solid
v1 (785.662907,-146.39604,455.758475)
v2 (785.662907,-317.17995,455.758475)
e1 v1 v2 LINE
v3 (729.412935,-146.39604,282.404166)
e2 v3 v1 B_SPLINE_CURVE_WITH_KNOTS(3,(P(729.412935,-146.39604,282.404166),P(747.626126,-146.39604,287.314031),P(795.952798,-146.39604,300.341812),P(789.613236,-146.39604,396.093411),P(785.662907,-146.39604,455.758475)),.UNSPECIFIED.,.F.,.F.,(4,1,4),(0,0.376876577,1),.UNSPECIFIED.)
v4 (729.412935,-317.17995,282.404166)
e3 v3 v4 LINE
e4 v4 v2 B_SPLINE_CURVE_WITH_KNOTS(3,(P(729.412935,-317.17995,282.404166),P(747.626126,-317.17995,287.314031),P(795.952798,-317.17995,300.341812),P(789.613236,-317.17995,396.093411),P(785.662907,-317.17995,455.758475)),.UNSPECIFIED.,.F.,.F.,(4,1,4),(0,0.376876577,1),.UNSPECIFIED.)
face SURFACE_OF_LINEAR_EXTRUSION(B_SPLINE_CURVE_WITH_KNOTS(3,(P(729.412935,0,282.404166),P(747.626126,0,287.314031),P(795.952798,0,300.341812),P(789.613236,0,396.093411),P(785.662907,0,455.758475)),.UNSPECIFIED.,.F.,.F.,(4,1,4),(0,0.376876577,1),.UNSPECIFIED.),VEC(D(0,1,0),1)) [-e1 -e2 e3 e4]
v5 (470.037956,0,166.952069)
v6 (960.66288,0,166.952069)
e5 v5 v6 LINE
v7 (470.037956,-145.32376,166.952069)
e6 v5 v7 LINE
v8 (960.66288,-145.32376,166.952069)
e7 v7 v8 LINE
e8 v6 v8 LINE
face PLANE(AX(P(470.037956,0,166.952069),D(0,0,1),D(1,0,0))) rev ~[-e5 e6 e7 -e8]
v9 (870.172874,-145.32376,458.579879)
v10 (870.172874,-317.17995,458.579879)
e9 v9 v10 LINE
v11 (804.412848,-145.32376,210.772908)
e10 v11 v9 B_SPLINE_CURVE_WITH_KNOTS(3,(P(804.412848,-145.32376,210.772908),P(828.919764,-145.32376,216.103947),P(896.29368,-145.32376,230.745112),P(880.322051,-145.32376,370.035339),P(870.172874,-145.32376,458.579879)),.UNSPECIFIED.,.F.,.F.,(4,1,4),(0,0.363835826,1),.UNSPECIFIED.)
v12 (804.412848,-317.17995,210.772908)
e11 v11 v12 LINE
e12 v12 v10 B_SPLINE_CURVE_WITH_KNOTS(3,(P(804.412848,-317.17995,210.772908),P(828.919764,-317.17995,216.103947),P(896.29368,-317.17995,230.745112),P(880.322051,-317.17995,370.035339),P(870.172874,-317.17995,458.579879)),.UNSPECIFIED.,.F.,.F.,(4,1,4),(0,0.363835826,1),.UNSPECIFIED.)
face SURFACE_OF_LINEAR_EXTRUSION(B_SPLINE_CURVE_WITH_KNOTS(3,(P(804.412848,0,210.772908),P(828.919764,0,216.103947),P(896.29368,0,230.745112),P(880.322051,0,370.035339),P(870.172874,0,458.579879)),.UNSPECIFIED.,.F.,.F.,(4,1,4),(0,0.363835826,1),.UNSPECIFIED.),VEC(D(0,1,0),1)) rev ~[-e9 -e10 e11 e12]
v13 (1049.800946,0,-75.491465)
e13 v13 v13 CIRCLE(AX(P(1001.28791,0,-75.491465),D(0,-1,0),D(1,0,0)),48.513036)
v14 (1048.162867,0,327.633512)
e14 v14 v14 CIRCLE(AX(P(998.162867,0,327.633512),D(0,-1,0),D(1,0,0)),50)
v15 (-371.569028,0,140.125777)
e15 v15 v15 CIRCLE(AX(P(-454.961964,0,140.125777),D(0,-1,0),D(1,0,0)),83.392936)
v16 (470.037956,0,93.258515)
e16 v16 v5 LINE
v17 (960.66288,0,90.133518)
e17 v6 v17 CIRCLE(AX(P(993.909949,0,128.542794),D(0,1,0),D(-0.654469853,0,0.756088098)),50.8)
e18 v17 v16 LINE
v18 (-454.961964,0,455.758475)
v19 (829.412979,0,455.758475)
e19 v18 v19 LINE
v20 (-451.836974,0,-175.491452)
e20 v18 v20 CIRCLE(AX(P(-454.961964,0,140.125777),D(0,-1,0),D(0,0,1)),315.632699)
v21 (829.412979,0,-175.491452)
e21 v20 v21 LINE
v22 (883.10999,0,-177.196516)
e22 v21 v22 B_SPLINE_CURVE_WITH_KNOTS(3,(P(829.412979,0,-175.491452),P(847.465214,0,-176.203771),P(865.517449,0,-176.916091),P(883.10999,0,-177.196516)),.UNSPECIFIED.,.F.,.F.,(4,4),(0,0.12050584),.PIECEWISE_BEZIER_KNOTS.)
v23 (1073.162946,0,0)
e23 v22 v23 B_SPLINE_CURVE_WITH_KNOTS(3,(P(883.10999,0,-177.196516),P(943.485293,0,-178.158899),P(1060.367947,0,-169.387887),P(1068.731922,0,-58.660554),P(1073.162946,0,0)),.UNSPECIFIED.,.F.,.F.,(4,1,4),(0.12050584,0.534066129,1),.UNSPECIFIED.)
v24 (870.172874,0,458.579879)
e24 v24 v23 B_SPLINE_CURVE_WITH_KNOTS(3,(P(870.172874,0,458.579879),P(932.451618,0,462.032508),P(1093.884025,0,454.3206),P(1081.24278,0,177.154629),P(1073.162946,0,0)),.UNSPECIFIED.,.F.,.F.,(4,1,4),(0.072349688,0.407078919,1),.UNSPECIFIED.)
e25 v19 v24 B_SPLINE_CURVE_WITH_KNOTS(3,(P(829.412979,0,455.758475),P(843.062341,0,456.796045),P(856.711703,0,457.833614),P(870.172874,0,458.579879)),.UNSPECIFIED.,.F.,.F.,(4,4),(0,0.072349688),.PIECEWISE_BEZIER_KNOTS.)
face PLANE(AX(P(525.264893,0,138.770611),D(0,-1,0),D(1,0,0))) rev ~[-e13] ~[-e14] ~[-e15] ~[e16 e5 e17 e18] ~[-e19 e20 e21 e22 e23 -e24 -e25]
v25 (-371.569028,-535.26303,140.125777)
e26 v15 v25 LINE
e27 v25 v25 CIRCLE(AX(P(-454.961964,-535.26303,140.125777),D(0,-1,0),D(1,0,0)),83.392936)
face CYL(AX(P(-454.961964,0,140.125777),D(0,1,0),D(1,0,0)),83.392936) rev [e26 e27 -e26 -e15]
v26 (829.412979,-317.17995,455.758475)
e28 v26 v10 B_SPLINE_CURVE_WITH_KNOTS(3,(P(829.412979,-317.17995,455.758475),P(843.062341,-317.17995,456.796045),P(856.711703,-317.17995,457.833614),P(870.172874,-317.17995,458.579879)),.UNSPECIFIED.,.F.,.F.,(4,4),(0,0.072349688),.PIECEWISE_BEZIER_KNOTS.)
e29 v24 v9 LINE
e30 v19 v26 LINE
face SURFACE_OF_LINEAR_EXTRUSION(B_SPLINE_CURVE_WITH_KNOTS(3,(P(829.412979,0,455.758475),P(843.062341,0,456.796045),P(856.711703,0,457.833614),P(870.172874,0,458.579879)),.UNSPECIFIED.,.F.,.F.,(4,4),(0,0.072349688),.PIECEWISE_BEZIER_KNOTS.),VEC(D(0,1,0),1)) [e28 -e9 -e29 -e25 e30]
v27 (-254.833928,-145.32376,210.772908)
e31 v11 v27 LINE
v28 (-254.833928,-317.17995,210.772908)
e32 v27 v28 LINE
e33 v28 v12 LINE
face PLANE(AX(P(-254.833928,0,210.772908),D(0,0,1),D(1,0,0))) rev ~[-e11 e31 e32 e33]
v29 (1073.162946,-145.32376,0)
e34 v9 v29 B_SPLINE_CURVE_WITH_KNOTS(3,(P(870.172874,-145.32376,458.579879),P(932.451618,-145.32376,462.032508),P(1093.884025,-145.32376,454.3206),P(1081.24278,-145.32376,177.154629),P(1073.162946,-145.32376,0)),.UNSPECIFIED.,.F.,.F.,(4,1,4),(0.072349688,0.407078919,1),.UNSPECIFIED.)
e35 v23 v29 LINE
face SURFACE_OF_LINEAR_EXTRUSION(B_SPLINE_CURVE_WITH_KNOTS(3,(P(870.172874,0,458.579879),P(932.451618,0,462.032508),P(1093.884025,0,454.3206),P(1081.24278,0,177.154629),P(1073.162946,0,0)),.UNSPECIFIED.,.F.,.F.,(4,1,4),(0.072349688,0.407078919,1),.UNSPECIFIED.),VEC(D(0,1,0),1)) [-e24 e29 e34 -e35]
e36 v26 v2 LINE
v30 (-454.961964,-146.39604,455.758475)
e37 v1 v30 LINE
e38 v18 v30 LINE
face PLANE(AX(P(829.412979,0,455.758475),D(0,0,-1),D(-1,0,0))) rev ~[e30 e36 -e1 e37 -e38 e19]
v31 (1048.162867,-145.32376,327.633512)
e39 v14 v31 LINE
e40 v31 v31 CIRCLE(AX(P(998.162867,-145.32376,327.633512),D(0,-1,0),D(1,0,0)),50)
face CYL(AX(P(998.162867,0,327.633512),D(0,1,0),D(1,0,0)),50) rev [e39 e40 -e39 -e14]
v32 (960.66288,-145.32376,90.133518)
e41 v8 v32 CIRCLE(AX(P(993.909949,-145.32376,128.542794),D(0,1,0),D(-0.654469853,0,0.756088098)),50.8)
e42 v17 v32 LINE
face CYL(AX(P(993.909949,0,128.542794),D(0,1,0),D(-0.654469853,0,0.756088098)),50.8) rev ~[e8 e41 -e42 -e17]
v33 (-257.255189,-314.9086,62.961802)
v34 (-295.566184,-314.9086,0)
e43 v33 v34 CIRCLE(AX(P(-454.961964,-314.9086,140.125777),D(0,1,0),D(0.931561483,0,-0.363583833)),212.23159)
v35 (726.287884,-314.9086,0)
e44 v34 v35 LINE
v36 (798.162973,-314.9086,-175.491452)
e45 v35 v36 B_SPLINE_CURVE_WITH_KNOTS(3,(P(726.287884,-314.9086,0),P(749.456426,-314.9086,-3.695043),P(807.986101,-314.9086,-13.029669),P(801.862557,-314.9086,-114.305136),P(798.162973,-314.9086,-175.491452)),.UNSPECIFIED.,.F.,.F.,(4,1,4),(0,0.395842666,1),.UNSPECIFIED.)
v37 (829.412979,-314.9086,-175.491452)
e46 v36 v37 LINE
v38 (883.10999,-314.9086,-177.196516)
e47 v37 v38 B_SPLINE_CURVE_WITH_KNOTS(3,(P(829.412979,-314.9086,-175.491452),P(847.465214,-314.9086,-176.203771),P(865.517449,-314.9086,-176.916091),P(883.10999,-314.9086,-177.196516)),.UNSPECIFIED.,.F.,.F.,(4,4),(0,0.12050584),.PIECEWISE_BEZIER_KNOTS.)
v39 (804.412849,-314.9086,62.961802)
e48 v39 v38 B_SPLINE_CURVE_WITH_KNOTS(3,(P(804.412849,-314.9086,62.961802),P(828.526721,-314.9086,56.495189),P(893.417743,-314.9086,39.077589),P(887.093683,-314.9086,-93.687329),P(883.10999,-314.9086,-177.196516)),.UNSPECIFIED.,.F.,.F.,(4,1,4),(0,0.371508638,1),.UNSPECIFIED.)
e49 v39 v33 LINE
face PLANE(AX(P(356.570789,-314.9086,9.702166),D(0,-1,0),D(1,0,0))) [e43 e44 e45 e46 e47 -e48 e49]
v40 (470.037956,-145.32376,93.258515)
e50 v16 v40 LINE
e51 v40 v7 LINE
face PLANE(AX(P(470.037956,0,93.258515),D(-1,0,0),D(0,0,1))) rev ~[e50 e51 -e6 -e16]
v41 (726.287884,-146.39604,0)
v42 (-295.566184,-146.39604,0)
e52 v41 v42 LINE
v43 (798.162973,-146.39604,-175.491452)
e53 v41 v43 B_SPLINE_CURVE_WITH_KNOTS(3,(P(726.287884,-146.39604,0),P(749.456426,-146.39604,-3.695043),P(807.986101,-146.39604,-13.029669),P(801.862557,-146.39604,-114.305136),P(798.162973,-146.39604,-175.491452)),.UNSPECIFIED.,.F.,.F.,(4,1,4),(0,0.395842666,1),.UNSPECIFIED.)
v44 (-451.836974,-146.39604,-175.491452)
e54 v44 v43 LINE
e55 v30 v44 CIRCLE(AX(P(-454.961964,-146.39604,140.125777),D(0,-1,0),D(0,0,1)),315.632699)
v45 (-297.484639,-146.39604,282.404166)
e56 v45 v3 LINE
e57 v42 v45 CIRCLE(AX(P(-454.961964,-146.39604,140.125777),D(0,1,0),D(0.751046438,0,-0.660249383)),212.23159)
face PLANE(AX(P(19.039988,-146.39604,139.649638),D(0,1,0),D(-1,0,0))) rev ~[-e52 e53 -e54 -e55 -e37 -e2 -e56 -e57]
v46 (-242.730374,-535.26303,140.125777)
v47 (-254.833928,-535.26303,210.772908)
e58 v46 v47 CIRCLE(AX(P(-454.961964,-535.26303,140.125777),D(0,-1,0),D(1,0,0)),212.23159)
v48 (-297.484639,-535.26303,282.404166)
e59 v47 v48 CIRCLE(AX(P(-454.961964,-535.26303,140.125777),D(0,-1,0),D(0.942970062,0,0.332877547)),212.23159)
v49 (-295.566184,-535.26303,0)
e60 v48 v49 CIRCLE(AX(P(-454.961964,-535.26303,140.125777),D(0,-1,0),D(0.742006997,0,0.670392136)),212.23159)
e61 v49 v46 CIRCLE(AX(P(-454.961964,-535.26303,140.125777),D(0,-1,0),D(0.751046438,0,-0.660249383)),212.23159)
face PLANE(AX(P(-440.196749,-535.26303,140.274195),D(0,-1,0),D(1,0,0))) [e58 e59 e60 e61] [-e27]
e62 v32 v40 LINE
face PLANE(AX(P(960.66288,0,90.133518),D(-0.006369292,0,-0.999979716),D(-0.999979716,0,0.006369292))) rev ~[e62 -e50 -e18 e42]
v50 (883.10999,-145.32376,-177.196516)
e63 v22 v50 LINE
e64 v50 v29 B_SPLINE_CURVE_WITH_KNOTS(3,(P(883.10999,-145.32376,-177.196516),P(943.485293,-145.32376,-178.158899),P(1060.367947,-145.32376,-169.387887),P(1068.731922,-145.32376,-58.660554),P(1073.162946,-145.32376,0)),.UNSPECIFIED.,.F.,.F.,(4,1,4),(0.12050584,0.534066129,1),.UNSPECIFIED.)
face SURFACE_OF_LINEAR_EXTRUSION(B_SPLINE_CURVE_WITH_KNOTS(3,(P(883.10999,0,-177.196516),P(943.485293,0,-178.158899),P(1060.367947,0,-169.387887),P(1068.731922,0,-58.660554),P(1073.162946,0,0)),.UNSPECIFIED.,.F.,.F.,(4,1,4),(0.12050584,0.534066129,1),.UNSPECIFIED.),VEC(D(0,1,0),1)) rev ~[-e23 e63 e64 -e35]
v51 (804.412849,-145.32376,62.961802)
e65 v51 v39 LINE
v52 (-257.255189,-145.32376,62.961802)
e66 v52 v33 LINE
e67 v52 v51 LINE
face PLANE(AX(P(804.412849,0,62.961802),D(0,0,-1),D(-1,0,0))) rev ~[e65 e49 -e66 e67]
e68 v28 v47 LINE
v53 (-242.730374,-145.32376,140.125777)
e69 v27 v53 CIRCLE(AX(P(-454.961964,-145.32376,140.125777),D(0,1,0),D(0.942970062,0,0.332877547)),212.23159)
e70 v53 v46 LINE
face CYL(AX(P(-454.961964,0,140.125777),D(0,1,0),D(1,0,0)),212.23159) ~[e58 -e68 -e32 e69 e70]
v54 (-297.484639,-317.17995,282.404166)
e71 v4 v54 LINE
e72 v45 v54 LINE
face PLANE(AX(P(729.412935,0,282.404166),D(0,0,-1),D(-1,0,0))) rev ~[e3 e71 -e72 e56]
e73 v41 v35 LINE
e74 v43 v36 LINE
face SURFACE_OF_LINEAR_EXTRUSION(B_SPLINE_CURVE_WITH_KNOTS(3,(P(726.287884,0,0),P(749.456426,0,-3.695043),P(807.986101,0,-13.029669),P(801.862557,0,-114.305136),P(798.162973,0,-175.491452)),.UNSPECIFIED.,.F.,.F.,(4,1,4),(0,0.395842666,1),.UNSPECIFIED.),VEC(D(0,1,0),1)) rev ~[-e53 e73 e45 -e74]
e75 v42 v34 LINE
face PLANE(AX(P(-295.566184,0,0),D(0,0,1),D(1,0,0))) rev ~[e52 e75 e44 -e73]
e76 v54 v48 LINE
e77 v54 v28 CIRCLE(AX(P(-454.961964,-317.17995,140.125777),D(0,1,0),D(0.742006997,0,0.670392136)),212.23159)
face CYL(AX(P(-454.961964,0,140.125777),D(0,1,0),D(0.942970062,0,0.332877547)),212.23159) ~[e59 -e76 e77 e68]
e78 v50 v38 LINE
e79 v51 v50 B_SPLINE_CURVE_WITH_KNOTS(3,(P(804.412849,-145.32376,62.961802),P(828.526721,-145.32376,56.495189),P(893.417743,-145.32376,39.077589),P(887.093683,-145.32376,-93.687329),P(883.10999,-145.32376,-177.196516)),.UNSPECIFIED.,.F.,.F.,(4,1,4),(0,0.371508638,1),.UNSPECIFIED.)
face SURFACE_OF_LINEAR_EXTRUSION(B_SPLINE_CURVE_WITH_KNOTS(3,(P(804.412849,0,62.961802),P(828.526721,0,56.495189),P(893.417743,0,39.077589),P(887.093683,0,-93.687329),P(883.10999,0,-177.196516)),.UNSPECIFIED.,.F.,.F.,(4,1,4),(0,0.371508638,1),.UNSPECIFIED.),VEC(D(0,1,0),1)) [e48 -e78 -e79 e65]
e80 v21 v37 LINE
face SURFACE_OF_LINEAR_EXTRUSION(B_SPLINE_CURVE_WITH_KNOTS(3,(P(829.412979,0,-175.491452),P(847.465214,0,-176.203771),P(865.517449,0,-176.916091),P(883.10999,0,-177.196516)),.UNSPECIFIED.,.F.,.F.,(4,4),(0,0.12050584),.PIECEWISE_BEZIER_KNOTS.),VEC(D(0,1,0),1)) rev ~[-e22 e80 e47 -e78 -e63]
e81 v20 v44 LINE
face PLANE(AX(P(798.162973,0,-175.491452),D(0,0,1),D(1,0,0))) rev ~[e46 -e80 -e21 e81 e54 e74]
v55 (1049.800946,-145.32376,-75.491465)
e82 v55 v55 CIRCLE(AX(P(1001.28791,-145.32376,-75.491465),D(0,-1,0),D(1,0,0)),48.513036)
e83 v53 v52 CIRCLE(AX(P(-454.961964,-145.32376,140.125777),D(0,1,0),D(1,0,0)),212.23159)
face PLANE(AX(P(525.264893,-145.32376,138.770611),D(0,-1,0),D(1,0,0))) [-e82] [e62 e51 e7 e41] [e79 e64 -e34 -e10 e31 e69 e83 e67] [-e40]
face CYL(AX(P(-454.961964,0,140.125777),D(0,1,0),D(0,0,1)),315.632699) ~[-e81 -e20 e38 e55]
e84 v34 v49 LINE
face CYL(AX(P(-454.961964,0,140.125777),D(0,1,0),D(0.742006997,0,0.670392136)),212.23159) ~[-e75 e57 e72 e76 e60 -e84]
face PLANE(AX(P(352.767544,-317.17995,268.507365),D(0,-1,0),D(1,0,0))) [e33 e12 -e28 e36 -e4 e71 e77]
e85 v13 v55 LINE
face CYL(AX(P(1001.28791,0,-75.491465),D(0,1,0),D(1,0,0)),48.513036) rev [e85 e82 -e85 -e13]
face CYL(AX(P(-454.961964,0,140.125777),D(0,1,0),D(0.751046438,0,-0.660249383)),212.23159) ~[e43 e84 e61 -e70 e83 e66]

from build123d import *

# Parameters (mm, degrees)
F1_DEPTH = 146.39604
F0_R     = 83.392936441
F2_DEPTH = 535.26303
F3_DEPTH = 314.9086
F4_DEPTH = 317.17995
F0_R_2   = 48.5130356929
F0_R_3   = 50
F5_DEPTH = 145.32376


with BuildPart() as f1:
    # F0 (on Front) → F1 (new body)
    with BuildSketch(Plane.XZ):
        with BuildLine():
            Line((28.9590880275, -175.4914518826), (798.1629728788, -175.4914518826))
            add(Edge.make_bspline(
                [(726.2878835215, 0), (749.4564260521, -3.6950431615), (807.986100889, -13.0296689571), (801.8625568935, -114.3051358252), (798.1629728788, -175.4914518826)],
                knots=[0, 0, 0, 0, 0.3958426661, 1, 1, 1, 1], degree=3))
            Line((726.2878835215, 0), (-295.5661843732, 0))
            ThreePointArc((-295.5661843732, 0), (-667.1886575617, 138.684058053), (-297.4846392131, 282.4041657406))
            Line((-297.4846392131, 282.4041657406), (729.4129350169, 282.4041657406))
            add(Edge.make_bspline(
                [(729.4129350169, 282.4041657406), (747.6261257194, 287.3140311043), (795.952797715, 300.3418117303), (789.6132360534, 396.0934109874), (785.6629066882, 455.7584753077)],
                knots=[0, 0, 0, 0, 0.3768765766, 1, 1, 1, 1], degree=3))
            Line((785.6629066882, 455.7584753077), (-454.9619642401, 455.7584753077))
            ThreePointArc((-454.9619642401, 455.7584753077), (-770.5907953617, 138.5632624305), (-451.8369741687, -175.4914518826))
            Line((-451.8369741687, -175.4914518826), (28.9590880275, -175.4914518826))
        make_face()
    extrude(amount=F1_DEPTH)

    # F0 (on Front) → F2 (join)
    with BuildSketch(Plane.XZ):
        with BuildLine():
            ThreePointArc((-297.4846392131, 282.4041657406), (-667.1886575617, 138.684058053), (-295.5661843732, 0))
            ThreePointArc((-295.5661843732, 0), (-273.656680853, 29.8051433358), (-257.2551892643, 62.9618016028))
            ThreePointArc((-257.2551892643, 62.9618016028), (-246.3931852105, 100.8662258675), (-242.7303739653, 140.1257766123))
            ThreePointArc((-242.7303739653, 140.1257766123), (-245.778146476, 175.9640005668), (-254.8339283377, 210.7729078804))
            ThreePointArc((-254.8339283377, 210.7729078804), (-272.6074802891, 248.703352997), (-297.4846392131, 282.4041657406))
        make_face()
        with Locations((-454.9619642401, 140.1257766123)):
            Circle(F0_R, mode=Mode.SUBTRACT)
    extrude(amount=F2_DEPTH)

    # F0 (on Front) → F3 (join)
    with BuildSketch(Plane.XZ):
        with BuildLine():
            Line((798.1629728788, -175.4914518826), (829.4129794979, -175.4914518826))
            add(Edge.make_bspline(
                [(829.4129794979, -175.4914518826), (847.465214072, -176.203771441), (865.5174486461, -176.9160909994), (883.1099902927, -177.1965162426)],
                knots=[0, 0, 0, 0, 0.1205058402, 0.1205058402, 0.1205058402, 0.1205058402], degree=3))
            add(Edge.make_bspline(
                [(804.4128486555, 62.9618016028), (828.5267205054, 56.4951891145), (893.4177428317, 39.0775894842), (887.0936826735, -93.6873293316), (883.1099902927, -177.1965162426)],
                knots=[0, 0, 0, 0, 0.3715086385, 1, 1, 1, 1], degree=3))
            Line((804.4128486555, 62.9618016028), (-257.2551892643, 62.9618016028))
            ThreePointArc((-257.2551892643, 62.9618016028), (-273.656680853, 29.8051433358), (-295.5661843732, 0))
            Line((-295.5661843732, 0), (726.2878835215, 0))
            add(Edge.make_bspline(
                [(726.2878835215, 0), (749.4564260521, -3.6950431615), (807.986100889, -13.0296689571), (801.8625568935, -114.3051358252), (798.1629728788, -175.4914518826)],
                knots=[0, 0, 0, 0, 0.3958426661, 1, 1, 1, 1], degree=3))
        make_face()
    extrude(amount=F3_DEPTH)

    # F0 (on Front) → F4 (join)
    with BuildSketch(Plane.XZ):
        with BuildLine():
            add(Edge.make_bspline(
                [(804.4128476405, 210.7729078804), (828.9197638548, 216.1039467831), (896.2936796349, 230.7451115899), (880.3220514089, 370.0353389293), (870.172874346, 458.57987889)],
                knots=[0, 0, 0, 0, 0.363835826, 1, 1, 1, 1], degree=3))
            add(Edge.make_bspline(
                [(829.4129794979, 455.7584753077), (843.0623410115, 456.7960447436), (856.7117025252, 457.8336141794), (870.172874346, 458.57987889)],
                knots=[0, 0, 0, 0, 0.0723496884, 0.0723496884, 0.0723496884, 0.0723496884], degree=3))
            Line((829.4129794979, 455.7584753077), (785.6629066882, 455.7584753077))
            add(Edge.make_bspline(
                [(729.4129350169, 282.4041657406), (747.6261257194, 287.3140311043), (795.952797715, 300.3418117303), (789.6132360534, 396.0934109874), (785.6629066882, 455.7584753077)],
                knots=[0, 0, 0, 0, 0.3768765766, 1, 1, 1, 1], degree=3))
            Line((729.4129350169, 282.4041657406), (-297.4846392131, 282.4041657406))
            ThreePointArc((-297.4846392131, 282.4041657406), (-272.6074802891, 248.703352997), (-254.8339283377, 210.7729078804))
            Line((-254.8339283377, 210.7729078804), (804.4128476405, 210.7729078804))
        make_face()
    extrude(amount=F4_DEPTH)

    # F0 (on Front) → F5 (join)
    with BuildSketch(Plane.XZ):
        with BuildLine():
            add(Edge.make_bspline(
                [(804.4128486555, 62.9618016028), (828.5267205054, 56.4951891145), (893.4177428317, 39.0775894842), (887.0936826735, -93.6873293316), (883.1099902927, -177.1965162426)],
                knots=[0, 0, 0, 0, 0.3715086385, 1, 1, 1, 1], degree=3))
            add(Edge.make_bspline(
                [(883.1099902927, -177.1965162426), (943.4852931991, -178.1588990152), (1060.3679465943, -169.3878874077), (1068.7319224793, -58.6605543312), (1073.1629464026, 0)],
                knots=[0.1205058402, 0.1205058402, 0.1205058402, 0.1205058402, 0.5340661288, 1, 1, 1, 1], degree=3))
            add(Edge.make_bspline(
                [(870.172874346, 458.57987889), (932.4516179308, 462.0325076192), (1093.8840254449, 454.3206002683), (1081.2427804982, 177.1546292987), (1073.1629464026, 0)],
                knots=[0.0723496884, 0.0723496884, 0.0723496884, 0.0723496884, 0.4070789192, 1, 1, 1, 1], degree=3))
            add(Edge.make_bspline(
                [(804.4128476405, 210.7729078804), (828.9197638548, 216.1039467831), (896.2936796349, 230.7451115899), (880.3220514089, 370.0353389293), (870.172874346, 458.57987889)],
                knots=[0, 0, 0, 0, 0.363835826, 1, 1, 1, 1], degree=3))
            Line((804.4128476405, 210.7729078804), (-254.8339283377, 210.7729078804))
            ThreePointArc((-254.8339283377, 210.7729078804), (-245.778146476, 175.9640005668), (-242.7303739653, 140.1257766123))
            ThreePointArc((-242.7303739653, 140.1257766123), (-246.3931852105, 100.8662258675), (-257.2551892643, 62.9618016028))
            Line((-257.2551892643, 62.9618016028), (804.4128486555, 62.9618016028))
        make_face()
        with Locations((1001.2879099977, -75.4914651207)):
            Circle(F0_R_2, mode=Mode.SUBTRACT)
        with BuildLine():
            ThreePointArc((960.662880212, 166.9520690404), (1044.7099487557, 128.542793686), (960.662880212, 90.1335183316))
            Line((960.662880212, 90.1335183316), (470.0379563312, 93.2585150221))
            Line((470.0379563312, 93.2585150221), (470.0379563312, 166.9520690404))
            Line((470.0379563312, 166.9520690404), (960.662880212, 166.9520690404))
        make_face(mode=Mode.SUBTRACT)
        with Locations((998.1628669739, 327.6335117126)):
            Circle(F0_R_3, mode=Mode.SUBTRACT)
    extrude(amount=F5_DEPTH)


solid = f1.part
